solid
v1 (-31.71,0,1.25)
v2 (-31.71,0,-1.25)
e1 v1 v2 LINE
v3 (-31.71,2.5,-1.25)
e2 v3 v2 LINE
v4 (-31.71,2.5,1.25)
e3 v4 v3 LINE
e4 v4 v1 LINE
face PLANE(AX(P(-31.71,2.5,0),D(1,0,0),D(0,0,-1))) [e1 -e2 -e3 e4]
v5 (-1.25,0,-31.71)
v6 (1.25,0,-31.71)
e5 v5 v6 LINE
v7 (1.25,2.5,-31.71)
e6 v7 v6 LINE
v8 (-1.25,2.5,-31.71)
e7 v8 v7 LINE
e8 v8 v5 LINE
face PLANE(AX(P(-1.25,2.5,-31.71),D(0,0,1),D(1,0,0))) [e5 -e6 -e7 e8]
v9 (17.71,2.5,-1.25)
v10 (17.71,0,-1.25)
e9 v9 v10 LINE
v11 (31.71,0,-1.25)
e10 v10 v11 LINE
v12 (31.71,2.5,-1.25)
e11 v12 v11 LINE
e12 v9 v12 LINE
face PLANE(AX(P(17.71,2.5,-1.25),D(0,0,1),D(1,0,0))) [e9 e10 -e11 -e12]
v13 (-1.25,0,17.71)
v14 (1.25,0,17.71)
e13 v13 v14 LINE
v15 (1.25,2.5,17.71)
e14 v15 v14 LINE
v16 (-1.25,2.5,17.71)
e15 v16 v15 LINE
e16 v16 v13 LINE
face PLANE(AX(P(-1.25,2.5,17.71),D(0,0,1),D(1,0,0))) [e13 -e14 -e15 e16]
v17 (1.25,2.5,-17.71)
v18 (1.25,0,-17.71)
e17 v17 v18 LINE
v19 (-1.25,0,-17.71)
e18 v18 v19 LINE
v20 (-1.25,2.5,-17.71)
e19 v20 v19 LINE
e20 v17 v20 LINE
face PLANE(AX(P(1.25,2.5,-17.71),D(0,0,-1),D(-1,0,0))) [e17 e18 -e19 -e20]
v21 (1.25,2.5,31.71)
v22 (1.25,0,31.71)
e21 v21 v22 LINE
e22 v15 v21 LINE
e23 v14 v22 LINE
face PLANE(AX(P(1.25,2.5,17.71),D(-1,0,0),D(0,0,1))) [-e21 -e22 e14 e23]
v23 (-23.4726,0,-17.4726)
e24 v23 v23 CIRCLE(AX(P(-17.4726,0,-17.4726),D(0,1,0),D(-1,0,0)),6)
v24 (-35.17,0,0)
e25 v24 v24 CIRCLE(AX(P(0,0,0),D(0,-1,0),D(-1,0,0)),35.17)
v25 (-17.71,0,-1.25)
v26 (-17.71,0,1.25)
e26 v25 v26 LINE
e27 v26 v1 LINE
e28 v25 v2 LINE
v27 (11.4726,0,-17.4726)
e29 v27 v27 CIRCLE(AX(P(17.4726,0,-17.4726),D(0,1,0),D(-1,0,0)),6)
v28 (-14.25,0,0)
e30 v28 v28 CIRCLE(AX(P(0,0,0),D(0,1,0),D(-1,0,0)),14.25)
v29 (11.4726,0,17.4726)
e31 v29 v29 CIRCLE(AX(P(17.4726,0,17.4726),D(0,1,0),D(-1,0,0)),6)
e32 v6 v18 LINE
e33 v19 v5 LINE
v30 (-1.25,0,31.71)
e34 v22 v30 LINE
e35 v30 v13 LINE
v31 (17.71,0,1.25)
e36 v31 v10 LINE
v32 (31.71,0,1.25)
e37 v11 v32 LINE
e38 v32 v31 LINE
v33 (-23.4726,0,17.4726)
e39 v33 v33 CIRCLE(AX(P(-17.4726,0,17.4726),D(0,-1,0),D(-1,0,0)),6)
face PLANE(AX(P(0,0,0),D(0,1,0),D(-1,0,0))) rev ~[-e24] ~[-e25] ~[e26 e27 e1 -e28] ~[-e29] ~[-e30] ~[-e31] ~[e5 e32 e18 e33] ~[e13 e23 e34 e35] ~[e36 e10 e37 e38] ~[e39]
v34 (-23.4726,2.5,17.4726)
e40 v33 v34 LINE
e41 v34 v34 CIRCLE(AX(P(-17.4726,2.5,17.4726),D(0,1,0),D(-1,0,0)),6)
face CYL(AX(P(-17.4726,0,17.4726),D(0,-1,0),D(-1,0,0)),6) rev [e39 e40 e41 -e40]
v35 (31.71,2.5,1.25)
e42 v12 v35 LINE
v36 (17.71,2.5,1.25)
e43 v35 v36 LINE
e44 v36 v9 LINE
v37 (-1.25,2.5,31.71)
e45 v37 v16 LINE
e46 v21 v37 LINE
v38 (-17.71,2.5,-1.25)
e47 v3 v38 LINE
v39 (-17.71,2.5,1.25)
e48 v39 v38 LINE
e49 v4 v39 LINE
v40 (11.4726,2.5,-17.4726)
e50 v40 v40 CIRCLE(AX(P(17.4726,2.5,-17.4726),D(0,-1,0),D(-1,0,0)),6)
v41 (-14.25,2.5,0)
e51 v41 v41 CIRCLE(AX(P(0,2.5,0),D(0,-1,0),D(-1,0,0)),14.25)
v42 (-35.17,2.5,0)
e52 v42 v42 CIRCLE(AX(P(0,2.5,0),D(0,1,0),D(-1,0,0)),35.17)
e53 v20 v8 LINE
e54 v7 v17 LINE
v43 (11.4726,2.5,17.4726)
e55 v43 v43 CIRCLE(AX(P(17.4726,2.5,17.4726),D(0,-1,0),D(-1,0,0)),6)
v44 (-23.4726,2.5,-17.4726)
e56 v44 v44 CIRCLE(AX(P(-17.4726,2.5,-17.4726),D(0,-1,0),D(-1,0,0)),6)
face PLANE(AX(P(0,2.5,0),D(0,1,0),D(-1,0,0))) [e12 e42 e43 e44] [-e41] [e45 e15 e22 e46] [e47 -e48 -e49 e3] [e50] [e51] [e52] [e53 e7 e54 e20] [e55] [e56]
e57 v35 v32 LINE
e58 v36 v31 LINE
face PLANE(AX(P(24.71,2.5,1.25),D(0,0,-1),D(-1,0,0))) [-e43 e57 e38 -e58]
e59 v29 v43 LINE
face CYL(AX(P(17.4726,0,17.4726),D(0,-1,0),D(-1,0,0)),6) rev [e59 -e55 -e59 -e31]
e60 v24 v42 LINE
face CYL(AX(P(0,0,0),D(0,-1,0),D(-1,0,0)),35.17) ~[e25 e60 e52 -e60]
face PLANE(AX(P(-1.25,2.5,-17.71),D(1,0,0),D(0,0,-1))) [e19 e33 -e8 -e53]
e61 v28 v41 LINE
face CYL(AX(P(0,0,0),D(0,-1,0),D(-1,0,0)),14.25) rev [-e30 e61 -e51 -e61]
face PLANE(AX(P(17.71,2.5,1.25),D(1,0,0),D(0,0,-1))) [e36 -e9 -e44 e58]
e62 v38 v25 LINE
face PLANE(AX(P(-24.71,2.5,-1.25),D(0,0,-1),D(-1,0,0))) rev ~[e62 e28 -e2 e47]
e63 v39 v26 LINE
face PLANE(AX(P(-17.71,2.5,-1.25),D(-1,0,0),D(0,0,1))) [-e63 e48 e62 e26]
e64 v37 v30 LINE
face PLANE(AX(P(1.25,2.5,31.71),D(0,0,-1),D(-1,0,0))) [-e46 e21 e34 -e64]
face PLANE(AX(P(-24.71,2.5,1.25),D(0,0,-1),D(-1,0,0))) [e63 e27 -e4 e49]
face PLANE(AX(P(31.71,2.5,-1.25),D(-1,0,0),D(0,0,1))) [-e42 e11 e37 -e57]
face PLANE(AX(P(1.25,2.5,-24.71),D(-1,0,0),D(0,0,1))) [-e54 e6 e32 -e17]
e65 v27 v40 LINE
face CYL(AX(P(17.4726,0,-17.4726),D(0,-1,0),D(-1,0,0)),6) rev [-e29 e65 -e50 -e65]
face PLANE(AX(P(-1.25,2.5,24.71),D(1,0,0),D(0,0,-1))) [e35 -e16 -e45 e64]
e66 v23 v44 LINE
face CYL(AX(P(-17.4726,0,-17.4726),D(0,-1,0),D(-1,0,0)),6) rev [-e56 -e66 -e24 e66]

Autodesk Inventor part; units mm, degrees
ref_plane "YZ Plane" through (0, 0, 0) normal (1, 0, 0) x (0, 1, 0)
ref_plane "XZ Plane" through (0, 0, 0) normal (0, 1, 0) x (-1, 0, 0)
ref_plane "XY Plane" through (0, 0, 0) normal (0, 0, 1) x (1, 0, 0)
sketch "Sketch1" plane through (0, 0, 0) normal (0, 1, 0) x (-1, 0, 0)
  circle A0 centre (0, 0) radius 35.17
  circle A1 centre (0, 0) radius 14.25
  line L0 (14.25, 0) -> (35.17, 0)
  line L1 (-17.4726, 17.4726) -> (36, -36)
  line L2 (0, 0) -> (50.9117, 0) construction
  line L3 (0, 0) -> (0, -35.17)
  line L4 (0, -35.17) -> (0, -14.25)
  circle A2 centre (0, 0) radius 24.71
  circle A3 centre (17.4726, -17.4726) radius 6
  line L5 (17.4726, 17.4726) -> (-36, -36)
  circle A4 centre (-17.4726, -17.4726) radius 6
  circle A5 centre (17.4726, 17.4726) radius 6
  circle A6 centre (-17.4726, 17.4726) radius 6
  point P0 (0, -24.71)
  dimension "d0" = 70.34
  dimension "d1" = 28.5
  dimension "d2" = 45
  dimension "d20" = 12
  dimension "d21" = 12
  dimension "d22" = 12
  dimension "d23" = 12
extrude "Extrusion1" add sketch "Sketch1" along normal blind 2.5 contours L0 A2 A5 A6 A4 L5 A0 | A0 L1 A3 A2 L0 | L5 A4 A2 L3 A0 | A0 L3 A2 A3 L1 | A2 A3 L1 A1 L0 | L0 A1 L5 A5 A2 | A2 A4 L5 A1 L3 | L3 A1 L1 A3 A2 | A2 A6 L1 A1 L5 A4 | A1 L1 A6 A2 A5 L5
sketch "Sketch2" plane through (0, 2.5, 0) normal (0, 1, 0) x (1, 0, 0)
  circle A0 centre (0, 0) radius 35.17 projected
  circle A1 centre (0, 0) radius 14.25 projected
  line L0 (-14.25, 0) -> (-35.17, 0)
  line L1 (-24.71, 0) -> (-24.71, 1.25)
  line L2 (-24.71, 1.25) -> (-24.71, -1.25)
  line L3 (-24.71, 1.25) -> (-31.71, 1.25)
  line L4 (-24.71, 1.25) -> (-17.71, 1.25)
  line L5 (-17.71, 1.25) -> (-17.71, -1.25)
  line L6 (-17.71, -1.25) -> (-31.71, -1.25)
  line L7 (-31.71, -1.25) -> (-31.71, 1.25)
  line L8 (-1.25, -24.71) -> (-1.25, -17.71)
  line L9 (-1.25, -17.71) -> (1.25, -17.71)
  line L10 (1.25, -17.71) -> (1.25, -31.71)
  line L11 (1.25, -31.71) -> (-1.25, -31.71)
  line L12 (-1.25, -24.71) -> (-1.25, -31.71)
  line L13 (24.71, -1.25) -> (17.71, -1.25)
  line L14 (17.71, -1.25) -> (17.71, 1.25)
  line L15 (17.71, 1.25) -> (31.71, 1.25)
  line L16 (31.71, 1.25) -> (31.71, -1.25)
  line L17 (24.71, -1.25) -> (31.71, -1.25)
  line L18 (1.25, 24.71) -> (1.25, 17.71)
  line L19 (1.25, 17.71) -> (-1.25, 17.71)
  line L20 (-1.25, 17.71) -> (-1.25, 31.71)
  line L21 (-1.25, 31.71) -> (1.25, 31.71)
  line L22 (1.25, 24.71) -> (1.25, 31.71)
  dimension "d24" = 1.25
  dimension "d25" = 2.5
  dimension "d26" = 7
  dimension "d27" = 7
  dimension "d30" = 360
extrude "Extrusion2" cut sketch "Sketch2" against normal blind 22.25 contours L7 L3 L1 L0 | L0 L2 L6 L7 | L1 L4 L5 L0 | L0 L5 L6 L2 | L8 L9 L10 L11 L12 | L13 L14 L15 L16 L17 | L18 L19 L20 L21 L22
pattern_circular "Circular Pattern1" count 4 over 360 about axis through (0, -10, 0) along (0, 1, 0) of "Extrusion2"
properties part number "Anillo de Centrado" material "MDF Medium Density Fiberboard"
